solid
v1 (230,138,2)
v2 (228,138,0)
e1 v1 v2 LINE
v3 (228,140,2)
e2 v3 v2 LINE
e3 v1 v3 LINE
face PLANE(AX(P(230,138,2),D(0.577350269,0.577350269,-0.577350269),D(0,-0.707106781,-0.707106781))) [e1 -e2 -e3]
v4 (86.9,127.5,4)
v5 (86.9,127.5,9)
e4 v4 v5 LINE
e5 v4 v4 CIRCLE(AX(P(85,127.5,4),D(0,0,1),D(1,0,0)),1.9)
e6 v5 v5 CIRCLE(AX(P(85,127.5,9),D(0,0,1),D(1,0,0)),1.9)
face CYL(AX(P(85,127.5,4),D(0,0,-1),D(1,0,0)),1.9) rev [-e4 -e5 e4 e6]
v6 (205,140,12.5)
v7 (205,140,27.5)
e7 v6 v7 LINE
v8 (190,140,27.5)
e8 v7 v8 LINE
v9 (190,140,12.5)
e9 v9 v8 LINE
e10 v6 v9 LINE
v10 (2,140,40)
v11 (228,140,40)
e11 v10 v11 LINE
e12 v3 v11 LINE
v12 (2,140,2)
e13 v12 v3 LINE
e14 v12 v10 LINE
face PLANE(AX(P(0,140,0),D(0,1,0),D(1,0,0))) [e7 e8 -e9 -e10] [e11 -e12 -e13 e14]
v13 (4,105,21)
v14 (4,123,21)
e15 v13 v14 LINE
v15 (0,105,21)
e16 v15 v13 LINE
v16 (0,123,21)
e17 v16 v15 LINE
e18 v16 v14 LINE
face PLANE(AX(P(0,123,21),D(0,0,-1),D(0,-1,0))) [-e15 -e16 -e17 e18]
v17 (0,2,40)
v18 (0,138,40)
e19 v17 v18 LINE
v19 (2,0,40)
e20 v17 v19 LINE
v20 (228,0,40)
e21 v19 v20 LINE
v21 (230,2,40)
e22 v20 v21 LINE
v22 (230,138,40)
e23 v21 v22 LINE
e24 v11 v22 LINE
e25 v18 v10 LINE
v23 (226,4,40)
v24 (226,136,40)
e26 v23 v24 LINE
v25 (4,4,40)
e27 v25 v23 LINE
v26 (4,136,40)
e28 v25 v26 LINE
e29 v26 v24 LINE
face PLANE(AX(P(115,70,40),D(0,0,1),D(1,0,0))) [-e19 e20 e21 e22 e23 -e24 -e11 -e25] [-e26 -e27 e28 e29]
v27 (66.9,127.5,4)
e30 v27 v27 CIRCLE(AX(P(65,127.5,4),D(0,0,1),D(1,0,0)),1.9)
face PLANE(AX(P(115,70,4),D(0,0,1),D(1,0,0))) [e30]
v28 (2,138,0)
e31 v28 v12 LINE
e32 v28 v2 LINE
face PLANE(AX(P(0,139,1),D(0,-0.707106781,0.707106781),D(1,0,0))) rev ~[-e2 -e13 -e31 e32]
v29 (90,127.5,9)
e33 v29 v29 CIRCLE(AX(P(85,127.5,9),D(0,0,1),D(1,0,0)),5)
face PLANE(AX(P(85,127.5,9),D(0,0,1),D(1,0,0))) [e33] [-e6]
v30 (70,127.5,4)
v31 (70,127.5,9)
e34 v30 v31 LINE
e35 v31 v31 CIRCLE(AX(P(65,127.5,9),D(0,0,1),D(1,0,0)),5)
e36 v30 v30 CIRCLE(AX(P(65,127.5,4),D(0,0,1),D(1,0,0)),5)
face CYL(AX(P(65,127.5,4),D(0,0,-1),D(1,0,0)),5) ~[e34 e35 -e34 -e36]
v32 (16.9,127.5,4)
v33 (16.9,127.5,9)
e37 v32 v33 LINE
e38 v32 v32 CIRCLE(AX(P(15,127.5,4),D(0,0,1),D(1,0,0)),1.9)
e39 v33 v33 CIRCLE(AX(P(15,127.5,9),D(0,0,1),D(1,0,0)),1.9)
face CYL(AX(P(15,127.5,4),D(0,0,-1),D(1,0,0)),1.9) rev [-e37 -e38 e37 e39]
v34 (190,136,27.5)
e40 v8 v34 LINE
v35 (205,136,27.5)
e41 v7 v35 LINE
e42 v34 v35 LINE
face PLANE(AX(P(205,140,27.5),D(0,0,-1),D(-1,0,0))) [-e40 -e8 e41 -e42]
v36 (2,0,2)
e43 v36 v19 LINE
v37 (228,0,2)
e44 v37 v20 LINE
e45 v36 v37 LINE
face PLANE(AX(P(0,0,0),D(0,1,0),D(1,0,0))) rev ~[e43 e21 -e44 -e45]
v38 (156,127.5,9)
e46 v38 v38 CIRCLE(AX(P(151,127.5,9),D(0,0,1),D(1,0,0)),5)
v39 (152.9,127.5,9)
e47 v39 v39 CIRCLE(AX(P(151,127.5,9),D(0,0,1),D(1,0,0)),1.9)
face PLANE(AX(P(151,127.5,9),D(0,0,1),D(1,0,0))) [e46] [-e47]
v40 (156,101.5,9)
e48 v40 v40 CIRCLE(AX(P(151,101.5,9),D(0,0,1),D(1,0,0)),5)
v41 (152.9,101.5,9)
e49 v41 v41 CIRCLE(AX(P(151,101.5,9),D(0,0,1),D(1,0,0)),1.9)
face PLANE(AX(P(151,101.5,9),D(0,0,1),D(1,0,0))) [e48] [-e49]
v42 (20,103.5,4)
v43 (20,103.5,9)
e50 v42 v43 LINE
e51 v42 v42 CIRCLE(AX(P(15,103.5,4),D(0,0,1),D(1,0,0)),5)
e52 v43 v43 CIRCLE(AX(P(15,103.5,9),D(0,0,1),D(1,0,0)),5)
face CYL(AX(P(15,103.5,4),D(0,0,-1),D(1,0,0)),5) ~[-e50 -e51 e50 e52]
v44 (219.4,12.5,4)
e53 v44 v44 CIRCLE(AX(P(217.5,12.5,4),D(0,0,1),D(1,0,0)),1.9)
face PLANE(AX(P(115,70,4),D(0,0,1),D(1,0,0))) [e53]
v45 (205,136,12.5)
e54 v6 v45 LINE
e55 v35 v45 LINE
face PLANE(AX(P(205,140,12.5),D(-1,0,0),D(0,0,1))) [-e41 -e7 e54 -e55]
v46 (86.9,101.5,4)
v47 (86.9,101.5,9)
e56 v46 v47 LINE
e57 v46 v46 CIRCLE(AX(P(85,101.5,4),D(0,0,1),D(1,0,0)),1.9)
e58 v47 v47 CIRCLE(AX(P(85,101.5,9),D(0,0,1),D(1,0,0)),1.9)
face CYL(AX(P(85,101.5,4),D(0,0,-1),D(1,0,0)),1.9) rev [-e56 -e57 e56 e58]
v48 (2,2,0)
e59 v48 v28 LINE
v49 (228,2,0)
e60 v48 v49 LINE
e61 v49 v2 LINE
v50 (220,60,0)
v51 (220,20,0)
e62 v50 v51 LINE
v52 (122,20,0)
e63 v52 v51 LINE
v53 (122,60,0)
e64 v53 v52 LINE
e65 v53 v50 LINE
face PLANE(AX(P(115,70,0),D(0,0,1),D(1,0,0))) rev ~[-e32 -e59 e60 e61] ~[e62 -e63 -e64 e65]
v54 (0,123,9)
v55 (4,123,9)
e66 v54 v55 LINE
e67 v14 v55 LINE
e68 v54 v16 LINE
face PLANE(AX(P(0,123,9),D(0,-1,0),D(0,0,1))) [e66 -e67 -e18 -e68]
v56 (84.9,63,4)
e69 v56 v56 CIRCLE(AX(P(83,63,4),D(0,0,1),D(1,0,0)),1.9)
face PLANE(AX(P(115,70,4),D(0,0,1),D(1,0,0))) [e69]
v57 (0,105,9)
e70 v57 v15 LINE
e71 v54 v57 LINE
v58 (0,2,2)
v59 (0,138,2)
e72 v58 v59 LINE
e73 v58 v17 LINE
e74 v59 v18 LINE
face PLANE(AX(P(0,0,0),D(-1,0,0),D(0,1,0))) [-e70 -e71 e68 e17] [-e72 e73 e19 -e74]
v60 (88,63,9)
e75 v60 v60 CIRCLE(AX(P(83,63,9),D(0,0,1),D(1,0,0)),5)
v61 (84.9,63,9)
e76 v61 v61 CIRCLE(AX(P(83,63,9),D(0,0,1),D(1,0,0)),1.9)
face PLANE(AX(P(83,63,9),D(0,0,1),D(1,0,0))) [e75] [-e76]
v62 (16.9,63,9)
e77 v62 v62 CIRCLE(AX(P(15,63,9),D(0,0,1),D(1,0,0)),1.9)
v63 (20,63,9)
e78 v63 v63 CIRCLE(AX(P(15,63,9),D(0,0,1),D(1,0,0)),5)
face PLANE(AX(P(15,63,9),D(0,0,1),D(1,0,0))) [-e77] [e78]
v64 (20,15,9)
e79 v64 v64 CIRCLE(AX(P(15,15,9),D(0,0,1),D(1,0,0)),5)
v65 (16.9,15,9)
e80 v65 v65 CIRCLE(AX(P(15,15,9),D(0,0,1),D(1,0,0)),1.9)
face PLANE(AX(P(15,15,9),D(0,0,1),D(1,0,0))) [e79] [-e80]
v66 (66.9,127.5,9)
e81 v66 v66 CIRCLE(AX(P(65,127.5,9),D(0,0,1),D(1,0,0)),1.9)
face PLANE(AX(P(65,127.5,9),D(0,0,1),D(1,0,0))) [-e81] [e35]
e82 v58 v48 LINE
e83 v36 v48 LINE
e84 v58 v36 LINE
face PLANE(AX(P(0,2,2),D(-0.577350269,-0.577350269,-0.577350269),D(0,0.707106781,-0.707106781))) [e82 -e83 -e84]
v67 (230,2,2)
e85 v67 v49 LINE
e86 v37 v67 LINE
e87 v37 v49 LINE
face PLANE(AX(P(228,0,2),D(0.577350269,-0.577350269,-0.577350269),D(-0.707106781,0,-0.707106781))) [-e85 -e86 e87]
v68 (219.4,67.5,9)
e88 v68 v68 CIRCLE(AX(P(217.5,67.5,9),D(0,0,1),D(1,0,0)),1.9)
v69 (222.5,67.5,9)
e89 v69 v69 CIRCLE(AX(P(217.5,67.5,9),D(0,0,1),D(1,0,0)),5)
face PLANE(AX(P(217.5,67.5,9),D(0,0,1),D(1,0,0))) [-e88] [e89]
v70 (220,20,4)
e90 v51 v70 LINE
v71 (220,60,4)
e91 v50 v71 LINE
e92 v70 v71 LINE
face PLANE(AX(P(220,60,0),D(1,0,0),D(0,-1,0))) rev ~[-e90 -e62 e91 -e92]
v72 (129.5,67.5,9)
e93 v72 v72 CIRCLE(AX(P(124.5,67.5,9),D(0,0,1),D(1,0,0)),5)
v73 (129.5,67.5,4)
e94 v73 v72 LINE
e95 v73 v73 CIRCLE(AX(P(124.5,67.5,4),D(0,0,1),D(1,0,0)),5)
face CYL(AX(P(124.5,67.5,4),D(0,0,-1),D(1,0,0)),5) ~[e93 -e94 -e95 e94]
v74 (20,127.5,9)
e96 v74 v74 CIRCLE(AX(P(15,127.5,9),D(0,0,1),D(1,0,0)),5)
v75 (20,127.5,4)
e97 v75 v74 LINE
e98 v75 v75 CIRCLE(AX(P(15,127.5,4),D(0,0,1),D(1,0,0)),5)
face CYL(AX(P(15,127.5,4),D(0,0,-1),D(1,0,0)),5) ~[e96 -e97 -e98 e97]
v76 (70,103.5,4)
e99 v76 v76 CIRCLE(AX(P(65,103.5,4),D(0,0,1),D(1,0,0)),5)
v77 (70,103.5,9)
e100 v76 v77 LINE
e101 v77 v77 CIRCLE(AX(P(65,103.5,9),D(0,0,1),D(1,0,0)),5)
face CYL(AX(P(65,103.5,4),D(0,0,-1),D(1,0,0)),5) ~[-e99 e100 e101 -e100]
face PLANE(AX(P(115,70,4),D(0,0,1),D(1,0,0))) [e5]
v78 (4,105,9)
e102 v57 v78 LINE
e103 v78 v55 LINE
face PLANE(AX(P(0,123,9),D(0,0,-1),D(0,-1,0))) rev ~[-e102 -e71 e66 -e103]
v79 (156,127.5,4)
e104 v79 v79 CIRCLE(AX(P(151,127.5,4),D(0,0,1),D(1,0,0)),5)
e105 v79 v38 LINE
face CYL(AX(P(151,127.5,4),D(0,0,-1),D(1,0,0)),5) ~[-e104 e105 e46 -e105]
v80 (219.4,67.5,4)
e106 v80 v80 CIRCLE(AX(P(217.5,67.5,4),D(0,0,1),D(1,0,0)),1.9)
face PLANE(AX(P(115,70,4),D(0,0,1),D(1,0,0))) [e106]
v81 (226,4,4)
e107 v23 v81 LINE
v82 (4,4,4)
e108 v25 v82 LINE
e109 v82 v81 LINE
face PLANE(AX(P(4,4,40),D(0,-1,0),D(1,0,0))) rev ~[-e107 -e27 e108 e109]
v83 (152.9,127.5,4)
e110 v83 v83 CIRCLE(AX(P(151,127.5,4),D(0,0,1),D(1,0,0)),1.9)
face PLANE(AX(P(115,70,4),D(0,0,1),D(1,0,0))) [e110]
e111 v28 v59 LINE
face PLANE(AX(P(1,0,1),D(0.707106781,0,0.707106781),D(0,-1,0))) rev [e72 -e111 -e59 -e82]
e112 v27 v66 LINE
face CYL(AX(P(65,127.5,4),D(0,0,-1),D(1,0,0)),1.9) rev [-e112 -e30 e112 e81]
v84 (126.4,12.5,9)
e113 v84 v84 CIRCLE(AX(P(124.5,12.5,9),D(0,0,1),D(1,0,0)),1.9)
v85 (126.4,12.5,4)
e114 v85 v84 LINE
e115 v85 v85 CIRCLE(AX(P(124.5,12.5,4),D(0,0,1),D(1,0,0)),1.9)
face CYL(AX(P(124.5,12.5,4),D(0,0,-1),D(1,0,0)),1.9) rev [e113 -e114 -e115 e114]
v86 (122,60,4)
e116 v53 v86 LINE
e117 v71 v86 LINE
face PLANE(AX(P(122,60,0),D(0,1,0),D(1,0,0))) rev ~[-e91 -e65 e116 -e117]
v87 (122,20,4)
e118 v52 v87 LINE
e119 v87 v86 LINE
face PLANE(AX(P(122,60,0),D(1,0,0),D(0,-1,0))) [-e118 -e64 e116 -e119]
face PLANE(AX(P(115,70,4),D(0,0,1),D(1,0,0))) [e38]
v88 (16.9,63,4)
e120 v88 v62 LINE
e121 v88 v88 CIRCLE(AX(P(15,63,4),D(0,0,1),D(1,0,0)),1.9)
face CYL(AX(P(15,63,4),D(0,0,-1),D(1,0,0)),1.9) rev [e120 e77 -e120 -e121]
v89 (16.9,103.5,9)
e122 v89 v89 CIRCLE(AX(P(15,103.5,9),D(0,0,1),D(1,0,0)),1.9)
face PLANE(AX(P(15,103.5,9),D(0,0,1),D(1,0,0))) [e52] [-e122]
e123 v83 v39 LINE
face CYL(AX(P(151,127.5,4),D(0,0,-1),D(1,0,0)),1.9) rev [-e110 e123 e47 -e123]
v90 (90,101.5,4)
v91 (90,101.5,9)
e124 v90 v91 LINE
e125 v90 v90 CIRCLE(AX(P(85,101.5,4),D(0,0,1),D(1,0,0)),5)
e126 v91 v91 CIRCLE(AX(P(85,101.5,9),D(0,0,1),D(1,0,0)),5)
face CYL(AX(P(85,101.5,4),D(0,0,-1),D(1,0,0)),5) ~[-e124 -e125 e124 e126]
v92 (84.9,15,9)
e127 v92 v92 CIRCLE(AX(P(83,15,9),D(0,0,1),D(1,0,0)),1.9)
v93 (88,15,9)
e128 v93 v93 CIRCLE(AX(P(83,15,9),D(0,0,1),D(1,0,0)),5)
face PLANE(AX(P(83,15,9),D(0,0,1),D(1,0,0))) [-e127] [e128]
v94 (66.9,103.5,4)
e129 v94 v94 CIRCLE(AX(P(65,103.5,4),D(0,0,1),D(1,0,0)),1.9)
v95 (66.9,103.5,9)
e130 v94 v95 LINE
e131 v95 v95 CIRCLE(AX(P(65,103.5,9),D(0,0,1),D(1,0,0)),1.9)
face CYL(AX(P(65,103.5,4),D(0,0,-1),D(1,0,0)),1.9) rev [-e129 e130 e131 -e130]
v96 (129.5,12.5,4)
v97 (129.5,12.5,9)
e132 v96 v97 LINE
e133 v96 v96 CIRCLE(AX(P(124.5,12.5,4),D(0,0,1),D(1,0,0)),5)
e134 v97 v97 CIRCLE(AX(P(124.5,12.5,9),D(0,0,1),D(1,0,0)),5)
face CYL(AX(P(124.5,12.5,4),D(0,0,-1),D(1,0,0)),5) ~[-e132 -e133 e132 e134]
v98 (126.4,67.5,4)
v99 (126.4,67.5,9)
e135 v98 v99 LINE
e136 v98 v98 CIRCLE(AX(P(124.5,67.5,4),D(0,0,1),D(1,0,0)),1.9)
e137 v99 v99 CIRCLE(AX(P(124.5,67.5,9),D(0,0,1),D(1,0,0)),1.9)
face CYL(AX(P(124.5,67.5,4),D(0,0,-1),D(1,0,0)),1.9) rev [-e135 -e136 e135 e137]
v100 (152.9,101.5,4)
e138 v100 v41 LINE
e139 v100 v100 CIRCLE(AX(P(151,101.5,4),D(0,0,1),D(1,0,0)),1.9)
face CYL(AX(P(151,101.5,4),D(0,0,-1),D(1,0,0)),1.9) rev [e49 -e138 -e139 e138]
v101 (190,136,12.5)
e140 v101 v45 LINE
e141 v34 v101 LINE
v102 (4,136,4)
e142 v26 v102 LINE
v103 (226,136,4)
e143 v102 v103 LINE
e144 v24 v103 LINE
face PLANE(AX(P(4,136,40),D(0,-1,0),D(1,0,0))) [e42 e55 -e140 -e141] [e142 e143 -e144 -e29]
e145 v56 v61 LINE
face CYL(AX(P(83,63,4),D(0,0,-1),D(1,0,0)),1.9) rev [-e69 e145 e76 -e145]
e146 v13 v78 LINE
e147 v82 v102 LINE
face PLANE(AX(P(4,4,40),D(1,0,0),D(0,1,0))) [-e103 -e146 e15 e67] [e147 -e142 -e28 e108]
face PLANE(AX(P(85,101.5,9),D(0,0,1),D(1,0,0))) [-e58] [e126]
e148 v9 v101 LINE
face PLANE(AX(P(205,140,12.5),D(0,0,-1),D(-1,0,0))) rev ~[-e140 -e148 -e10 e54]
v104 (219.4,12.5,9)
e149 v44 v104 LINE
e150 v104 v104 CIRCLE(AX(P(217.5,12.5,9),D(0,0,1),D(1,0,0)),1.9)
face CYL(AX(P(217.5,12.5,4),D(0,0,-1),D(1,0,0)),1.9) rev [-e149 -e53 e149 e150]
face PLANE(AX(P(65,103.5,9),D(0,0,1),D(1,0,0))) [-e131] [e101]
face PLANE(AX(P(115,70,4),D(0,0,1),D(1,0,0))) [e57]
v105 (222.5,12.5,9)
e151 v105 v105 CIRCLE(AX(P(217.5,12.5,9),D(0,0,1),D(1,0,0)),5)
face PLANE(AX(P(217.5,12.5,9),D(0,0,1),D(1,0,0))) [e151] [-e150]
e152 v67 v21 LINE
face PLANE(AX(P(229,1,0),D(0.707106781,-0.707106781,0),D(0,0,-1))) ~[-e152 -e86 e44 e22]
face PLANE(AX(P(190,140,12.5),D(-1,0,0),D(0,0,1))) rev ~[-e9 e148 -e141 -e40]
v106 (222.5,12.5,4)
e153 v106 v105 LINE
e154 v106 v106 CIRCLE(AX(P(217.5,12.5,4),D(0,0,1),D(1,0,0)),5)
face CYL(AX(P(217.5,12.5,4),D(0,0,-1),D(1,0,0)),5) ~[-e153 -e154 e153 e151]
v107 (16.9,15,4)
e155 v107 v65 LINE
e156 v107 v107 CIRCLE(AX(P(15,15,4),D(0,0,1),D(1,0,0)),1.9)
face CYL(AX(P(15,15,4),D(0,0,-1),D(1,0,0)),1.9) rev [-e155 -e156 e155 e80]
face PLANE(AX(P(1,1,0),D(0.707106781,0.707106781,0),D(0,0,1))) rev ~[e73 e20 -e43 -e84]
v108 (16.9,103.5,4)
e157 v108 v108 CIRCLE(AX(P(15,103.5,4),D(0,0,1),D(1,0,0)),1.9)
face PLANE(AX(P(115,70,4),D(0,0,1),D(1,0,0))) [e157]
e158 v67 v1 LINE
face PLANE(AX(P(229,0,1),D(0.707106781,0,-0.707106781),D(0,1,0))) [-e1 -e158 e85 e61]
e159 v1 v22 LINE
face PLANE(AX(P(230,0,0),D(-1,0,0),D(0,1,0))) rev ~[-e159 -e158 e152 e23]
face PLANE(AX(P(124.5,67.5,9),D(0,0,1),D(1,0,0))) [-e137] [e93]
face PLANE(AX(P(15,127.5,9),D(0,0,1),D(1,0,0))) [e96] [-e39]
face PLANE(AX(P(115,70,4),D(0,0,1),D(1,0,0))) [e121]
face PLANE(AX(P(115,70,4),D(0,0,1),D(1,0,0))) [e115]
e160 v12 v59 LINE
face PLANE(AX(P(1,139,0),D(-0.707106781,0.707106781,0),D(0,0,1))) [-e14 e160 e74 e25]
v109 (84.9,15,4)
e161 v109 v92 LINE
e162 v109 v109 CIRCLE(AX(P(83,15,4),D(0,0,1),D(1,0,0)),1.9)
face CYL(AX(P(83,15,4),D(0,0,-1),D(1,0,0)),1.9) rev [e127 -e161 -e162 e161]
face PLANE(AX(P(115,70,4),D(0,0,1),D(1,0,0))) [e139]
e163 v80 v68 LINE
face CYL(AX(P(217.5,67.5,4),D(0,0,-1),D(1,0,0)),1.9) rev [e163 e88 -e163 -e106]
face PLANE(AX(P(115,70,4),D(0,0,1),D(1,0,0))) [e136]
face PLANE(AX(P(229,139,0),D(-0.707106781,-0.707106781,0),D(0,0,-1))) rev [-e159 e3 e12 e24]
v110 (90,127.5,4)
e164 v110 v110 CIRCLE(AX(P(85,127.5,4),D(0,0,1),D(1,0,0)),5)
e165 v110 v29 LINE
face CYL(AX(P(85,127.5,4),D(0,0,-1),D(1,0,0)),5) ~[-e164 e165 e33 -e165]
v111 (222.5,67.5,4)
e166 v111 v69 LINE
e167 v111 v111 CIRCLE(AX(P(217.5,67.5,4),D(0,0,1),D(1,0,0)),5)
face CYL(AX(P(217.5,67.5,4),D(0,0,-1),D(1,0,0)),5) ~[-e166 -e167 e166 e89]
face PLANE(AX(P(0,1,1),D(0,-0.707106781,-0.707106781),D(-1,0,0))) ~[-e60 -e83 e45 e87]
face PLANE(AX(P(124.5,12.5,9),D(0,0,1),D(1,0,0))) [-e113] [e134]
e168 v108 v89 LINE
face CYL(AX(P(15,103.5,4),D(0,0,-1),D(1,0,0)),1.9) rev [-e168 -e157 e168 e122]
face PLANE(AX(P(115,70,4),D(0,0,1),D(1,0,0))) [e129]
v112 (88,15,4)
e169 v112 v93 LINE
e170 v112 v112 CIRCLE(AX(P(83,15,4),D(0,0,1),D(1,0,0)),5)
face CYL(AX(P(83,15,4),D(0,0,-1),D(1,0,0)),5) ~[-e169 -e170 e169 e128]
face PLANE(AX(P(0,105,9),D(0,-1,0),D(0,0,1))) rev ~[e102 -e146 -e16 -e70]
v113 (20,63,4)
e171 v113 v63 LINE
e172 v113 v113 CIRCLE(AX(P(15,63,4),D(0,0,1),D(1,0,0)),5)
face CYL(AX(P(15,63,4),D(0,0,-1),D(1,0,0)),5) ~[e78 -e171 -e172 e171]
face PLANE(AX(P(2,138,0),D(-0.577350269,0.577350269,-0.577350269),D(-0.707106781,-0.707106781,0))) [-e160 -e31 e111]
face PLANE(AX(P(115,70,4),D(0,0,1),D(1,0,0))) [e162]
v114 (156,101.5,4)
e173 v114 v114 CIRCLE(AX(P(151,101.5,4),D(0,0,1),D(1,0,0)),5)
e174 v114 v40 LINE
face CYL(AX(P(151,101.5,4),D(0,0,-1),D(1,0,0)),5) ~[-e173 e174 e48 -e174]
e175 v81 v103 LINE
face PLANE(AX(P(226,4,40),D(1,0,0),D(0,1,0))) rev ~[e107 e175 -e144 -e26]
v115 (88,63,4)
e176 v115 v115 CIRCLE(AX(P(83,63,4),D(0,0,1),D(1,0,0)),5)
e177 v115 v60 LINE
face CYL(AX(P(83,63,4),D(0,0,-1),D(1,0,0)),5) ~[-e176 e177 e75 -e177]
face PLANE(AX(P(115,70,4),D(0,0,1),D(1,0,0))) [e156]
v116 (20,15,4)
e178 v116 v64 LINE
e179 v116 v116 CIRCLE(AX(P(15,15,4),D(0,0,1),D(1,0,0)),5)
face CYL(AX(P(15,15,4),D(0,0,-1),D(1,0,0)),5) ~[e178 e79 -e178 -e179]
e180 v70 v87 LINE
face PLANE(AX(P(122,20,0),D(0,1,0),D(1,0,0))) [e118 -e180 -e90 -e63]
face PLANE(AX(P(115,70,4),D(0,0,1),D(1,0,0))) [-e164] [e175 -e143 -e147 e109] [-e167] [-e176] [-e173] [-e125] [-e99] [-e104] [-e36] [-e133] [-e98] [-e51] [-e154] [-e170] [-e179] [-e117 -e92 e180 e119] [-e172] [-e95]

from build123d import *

# Parameters (mm, degrees)
SKETCH_W        = 230
SKETCH_H        = 140
PAD_DEPTH       = 40
SKETCH001_W     = 222
SKETCH001_H     = 132
POCKET_DEPTH    = 36
SKETCH002_W     = 98
SKETCH002_H     = 40
POCKET001_DEPTH = 5
SKETCH003_W     = 18
SKETCH003_H     = 12
POCKET002_DEPTH = 5
SKETCH004_W     = 15
SKETCH004_H     = 15
POCKET003_DEPTH = 5
SKETCH005_R     = 5
SKETCH005_R_2   = 1.9
PAD001_DEPTH    = 5
CHAMFER_SIZE    = 2


with BuildPart() as part:
    # Sketch → Pad (new body)
    with BuildSketch(Plane.XY):
        with Locations((115, 70)):
            Rectangle(SKETCH_W, SKETCH_H)
    extrude(amount=PAD_DEPTH)

    # Sketch001 (on Face6 of Pad) → Pocket (cut)
    with BuildSketch(Plane.XY.offset(40)):
        with Locations((115, 70)):
            Rectangle(SKETCH001_W, SKETCH001_H)
    extrude(amount=-POCKET_DEPTH, mode=Mode.SUBTRACT)

    # Sketch002 (on Face4 of Pocket) → Pocket001 (cut)
    with BuildSketch(Plane(origin=(0, 0, 0), x_dir=(1, 0, 0), z_dir=(0, 0, -1))):
        with Locations((171, -40)):
            Rectangle(SKETCH002_W, SKETCH002_H)
    extrude(amount=-POCKET001_DEPTH, mode=Mode.SUBTRACT)

    # Sketch003 (on Face2 of Pocket001) → Pocket002 (cut)
    with BuildSketch(Plane(origin=(0, 0, 0), x_dir=(0, -1, 0), z_dir=(-1, 0, 0))):
        with Locations((-114, 15)):
            Rectangle(SKETCH003_W, SKETCH003_H)
    extrude(amount=-POCKET002_DEPTH, mode=Mode.SUBTRACT)

    # Sketch004 (on Face6 of Pocket002) → Pocket003 (cut)
    with BuildSketch(Plane(origin=(0, 140, 0), x_dir=(-1, 0, 0), z_dir=(0, 1, 0))):
        with Locations((-197.5, 20)):
            Rectangle(SKETCH004_W, SKETCH004_H)
    extrude(amount=-POCKET003_DEPTH, mode=Mode.SUBTRACT)

    # Sketch005 (on Face23 of Pocket003) → Pad001 (join)
    with BuildSketch(Plane.XY.offset(4)):
        with Locations((217.5, 12.5)):
            Circle(SKETCH005_R)
        with Locations((217.5, 12.5)):
            Circle(SKETCH005_R_2, mode=Mode.SUBTRACT)
        with Locations((124.5, 12.5)):
            Circle(SKETCH005_R)
        with Locations((124.5, 12.5)):
            Circle(SKETCH005_R_2, mode=Mode.SUBTRACT)
        with Locations((217.5, 67.5)):
            Circle(SKETCH005_R)
        with Locations((217.5, 67.5)):
            Circle(SKETCH005_R_2, mode=Mode.SUBTRACT)
        with Locations((124.5, 67.5)):
            Circle(SKETCH005_R)
        with Locations((124.5, 67.5)):
            Circle(SKETCH005_R_2, mode=Mode.SUBTRACT)
        with Locations((15, 127.5)):
            Circle(SKETCH005_R)
        with Locations((15, 127.5)):
            Circle(SKETCH005_R_2, mode=Mode.SUBTRACT)
        with Locations((65, 127.5)):
            Circle(SKETCH005_R)
        with Locations((65, 127.5)):
            Circle(SKETCH005_R_2, mode=Mode.SUBTRACT)
        with Locations((65, 103.5)):
            Circle(SKETCH005_R)
        with Locations((65, 103.5)):
            Circle(SKETCH005_R_2, mode=Mode.SUBTRACT)
        with Locations((15, 103.5)):
            Circle(SKETCH005_R)
        with Locations((15, 103.5)):
            Circle(SKETCH005_R_2, mode=Mode.SUBTRACT)
        with Locations((15, 63)):
            Circle(SKETCH005_R)
        with Locations((15, 63)):
            Circle(SKETCH005_R_2, mode=Mode.SUBTRACT)
        with Locations((15, 15)):
            Circle(SKETCH005_R)
        with Locations((15, 15)):
            Circle(SKETCH005_R_2, mode=Mode.SUBTRACT)
        with Locations((83, 15)):
            Circle(SKETCH005_R)
        with Locations((83, 15)):
            Circle(SKETCH005_R_2, mode=Mode.SUBTRACT)
        with Locations((83, 63)):
            Circle(SKETCH005_R)
        with Locations((83, 63)):
            Circle(SKETCH005_R_2, mode=Mode.SUBTRACT)
        with Locations((85, 127.5)):
            Circle(SKETCH005_R)
        with Locations((85, 127.5)):
            Circle(SKETCH005_R_2, mode=Mode.SUBTRACT)
        with Locations((85, 101.5)):
            Circle(SKETCH005_R)
        with Locations((85, 101.5)):
            Circle(SKETCH005_R_2, mode=Mode.SUBTRACT)
        with Locations((151, 101.5)):
            Circle(SKETCH005_R)
        with Locations((151, 101.5)):
            Circle(SKETCH005_R_2, mode=Mode.SUBTRACT)
        with Locations((151, 127.5)):
            Circle(SKETCH005_R)
        with Locations((151, 127.5)):
            Circle(SKETCH005_R_2, mode=Mode.SUBTRACT)
    extrude(amount=PAD001_DEPTH)

    # Chamfer
    chamfer_edges = [part.edges().sort_by_distance(p)[0] for p in [
        (0, 140, 20),
        (115, 140, 0),
        (230, 140, 20),
        (230, 70, 0),
        (230, 0, 20),
        (115, 0, 0),
        (0, 0, 20),
        (0, 70, 0),
    ]]
    chamfer(chamfer_edges, length=CHAMFER_SIZE)


solid = part.part
